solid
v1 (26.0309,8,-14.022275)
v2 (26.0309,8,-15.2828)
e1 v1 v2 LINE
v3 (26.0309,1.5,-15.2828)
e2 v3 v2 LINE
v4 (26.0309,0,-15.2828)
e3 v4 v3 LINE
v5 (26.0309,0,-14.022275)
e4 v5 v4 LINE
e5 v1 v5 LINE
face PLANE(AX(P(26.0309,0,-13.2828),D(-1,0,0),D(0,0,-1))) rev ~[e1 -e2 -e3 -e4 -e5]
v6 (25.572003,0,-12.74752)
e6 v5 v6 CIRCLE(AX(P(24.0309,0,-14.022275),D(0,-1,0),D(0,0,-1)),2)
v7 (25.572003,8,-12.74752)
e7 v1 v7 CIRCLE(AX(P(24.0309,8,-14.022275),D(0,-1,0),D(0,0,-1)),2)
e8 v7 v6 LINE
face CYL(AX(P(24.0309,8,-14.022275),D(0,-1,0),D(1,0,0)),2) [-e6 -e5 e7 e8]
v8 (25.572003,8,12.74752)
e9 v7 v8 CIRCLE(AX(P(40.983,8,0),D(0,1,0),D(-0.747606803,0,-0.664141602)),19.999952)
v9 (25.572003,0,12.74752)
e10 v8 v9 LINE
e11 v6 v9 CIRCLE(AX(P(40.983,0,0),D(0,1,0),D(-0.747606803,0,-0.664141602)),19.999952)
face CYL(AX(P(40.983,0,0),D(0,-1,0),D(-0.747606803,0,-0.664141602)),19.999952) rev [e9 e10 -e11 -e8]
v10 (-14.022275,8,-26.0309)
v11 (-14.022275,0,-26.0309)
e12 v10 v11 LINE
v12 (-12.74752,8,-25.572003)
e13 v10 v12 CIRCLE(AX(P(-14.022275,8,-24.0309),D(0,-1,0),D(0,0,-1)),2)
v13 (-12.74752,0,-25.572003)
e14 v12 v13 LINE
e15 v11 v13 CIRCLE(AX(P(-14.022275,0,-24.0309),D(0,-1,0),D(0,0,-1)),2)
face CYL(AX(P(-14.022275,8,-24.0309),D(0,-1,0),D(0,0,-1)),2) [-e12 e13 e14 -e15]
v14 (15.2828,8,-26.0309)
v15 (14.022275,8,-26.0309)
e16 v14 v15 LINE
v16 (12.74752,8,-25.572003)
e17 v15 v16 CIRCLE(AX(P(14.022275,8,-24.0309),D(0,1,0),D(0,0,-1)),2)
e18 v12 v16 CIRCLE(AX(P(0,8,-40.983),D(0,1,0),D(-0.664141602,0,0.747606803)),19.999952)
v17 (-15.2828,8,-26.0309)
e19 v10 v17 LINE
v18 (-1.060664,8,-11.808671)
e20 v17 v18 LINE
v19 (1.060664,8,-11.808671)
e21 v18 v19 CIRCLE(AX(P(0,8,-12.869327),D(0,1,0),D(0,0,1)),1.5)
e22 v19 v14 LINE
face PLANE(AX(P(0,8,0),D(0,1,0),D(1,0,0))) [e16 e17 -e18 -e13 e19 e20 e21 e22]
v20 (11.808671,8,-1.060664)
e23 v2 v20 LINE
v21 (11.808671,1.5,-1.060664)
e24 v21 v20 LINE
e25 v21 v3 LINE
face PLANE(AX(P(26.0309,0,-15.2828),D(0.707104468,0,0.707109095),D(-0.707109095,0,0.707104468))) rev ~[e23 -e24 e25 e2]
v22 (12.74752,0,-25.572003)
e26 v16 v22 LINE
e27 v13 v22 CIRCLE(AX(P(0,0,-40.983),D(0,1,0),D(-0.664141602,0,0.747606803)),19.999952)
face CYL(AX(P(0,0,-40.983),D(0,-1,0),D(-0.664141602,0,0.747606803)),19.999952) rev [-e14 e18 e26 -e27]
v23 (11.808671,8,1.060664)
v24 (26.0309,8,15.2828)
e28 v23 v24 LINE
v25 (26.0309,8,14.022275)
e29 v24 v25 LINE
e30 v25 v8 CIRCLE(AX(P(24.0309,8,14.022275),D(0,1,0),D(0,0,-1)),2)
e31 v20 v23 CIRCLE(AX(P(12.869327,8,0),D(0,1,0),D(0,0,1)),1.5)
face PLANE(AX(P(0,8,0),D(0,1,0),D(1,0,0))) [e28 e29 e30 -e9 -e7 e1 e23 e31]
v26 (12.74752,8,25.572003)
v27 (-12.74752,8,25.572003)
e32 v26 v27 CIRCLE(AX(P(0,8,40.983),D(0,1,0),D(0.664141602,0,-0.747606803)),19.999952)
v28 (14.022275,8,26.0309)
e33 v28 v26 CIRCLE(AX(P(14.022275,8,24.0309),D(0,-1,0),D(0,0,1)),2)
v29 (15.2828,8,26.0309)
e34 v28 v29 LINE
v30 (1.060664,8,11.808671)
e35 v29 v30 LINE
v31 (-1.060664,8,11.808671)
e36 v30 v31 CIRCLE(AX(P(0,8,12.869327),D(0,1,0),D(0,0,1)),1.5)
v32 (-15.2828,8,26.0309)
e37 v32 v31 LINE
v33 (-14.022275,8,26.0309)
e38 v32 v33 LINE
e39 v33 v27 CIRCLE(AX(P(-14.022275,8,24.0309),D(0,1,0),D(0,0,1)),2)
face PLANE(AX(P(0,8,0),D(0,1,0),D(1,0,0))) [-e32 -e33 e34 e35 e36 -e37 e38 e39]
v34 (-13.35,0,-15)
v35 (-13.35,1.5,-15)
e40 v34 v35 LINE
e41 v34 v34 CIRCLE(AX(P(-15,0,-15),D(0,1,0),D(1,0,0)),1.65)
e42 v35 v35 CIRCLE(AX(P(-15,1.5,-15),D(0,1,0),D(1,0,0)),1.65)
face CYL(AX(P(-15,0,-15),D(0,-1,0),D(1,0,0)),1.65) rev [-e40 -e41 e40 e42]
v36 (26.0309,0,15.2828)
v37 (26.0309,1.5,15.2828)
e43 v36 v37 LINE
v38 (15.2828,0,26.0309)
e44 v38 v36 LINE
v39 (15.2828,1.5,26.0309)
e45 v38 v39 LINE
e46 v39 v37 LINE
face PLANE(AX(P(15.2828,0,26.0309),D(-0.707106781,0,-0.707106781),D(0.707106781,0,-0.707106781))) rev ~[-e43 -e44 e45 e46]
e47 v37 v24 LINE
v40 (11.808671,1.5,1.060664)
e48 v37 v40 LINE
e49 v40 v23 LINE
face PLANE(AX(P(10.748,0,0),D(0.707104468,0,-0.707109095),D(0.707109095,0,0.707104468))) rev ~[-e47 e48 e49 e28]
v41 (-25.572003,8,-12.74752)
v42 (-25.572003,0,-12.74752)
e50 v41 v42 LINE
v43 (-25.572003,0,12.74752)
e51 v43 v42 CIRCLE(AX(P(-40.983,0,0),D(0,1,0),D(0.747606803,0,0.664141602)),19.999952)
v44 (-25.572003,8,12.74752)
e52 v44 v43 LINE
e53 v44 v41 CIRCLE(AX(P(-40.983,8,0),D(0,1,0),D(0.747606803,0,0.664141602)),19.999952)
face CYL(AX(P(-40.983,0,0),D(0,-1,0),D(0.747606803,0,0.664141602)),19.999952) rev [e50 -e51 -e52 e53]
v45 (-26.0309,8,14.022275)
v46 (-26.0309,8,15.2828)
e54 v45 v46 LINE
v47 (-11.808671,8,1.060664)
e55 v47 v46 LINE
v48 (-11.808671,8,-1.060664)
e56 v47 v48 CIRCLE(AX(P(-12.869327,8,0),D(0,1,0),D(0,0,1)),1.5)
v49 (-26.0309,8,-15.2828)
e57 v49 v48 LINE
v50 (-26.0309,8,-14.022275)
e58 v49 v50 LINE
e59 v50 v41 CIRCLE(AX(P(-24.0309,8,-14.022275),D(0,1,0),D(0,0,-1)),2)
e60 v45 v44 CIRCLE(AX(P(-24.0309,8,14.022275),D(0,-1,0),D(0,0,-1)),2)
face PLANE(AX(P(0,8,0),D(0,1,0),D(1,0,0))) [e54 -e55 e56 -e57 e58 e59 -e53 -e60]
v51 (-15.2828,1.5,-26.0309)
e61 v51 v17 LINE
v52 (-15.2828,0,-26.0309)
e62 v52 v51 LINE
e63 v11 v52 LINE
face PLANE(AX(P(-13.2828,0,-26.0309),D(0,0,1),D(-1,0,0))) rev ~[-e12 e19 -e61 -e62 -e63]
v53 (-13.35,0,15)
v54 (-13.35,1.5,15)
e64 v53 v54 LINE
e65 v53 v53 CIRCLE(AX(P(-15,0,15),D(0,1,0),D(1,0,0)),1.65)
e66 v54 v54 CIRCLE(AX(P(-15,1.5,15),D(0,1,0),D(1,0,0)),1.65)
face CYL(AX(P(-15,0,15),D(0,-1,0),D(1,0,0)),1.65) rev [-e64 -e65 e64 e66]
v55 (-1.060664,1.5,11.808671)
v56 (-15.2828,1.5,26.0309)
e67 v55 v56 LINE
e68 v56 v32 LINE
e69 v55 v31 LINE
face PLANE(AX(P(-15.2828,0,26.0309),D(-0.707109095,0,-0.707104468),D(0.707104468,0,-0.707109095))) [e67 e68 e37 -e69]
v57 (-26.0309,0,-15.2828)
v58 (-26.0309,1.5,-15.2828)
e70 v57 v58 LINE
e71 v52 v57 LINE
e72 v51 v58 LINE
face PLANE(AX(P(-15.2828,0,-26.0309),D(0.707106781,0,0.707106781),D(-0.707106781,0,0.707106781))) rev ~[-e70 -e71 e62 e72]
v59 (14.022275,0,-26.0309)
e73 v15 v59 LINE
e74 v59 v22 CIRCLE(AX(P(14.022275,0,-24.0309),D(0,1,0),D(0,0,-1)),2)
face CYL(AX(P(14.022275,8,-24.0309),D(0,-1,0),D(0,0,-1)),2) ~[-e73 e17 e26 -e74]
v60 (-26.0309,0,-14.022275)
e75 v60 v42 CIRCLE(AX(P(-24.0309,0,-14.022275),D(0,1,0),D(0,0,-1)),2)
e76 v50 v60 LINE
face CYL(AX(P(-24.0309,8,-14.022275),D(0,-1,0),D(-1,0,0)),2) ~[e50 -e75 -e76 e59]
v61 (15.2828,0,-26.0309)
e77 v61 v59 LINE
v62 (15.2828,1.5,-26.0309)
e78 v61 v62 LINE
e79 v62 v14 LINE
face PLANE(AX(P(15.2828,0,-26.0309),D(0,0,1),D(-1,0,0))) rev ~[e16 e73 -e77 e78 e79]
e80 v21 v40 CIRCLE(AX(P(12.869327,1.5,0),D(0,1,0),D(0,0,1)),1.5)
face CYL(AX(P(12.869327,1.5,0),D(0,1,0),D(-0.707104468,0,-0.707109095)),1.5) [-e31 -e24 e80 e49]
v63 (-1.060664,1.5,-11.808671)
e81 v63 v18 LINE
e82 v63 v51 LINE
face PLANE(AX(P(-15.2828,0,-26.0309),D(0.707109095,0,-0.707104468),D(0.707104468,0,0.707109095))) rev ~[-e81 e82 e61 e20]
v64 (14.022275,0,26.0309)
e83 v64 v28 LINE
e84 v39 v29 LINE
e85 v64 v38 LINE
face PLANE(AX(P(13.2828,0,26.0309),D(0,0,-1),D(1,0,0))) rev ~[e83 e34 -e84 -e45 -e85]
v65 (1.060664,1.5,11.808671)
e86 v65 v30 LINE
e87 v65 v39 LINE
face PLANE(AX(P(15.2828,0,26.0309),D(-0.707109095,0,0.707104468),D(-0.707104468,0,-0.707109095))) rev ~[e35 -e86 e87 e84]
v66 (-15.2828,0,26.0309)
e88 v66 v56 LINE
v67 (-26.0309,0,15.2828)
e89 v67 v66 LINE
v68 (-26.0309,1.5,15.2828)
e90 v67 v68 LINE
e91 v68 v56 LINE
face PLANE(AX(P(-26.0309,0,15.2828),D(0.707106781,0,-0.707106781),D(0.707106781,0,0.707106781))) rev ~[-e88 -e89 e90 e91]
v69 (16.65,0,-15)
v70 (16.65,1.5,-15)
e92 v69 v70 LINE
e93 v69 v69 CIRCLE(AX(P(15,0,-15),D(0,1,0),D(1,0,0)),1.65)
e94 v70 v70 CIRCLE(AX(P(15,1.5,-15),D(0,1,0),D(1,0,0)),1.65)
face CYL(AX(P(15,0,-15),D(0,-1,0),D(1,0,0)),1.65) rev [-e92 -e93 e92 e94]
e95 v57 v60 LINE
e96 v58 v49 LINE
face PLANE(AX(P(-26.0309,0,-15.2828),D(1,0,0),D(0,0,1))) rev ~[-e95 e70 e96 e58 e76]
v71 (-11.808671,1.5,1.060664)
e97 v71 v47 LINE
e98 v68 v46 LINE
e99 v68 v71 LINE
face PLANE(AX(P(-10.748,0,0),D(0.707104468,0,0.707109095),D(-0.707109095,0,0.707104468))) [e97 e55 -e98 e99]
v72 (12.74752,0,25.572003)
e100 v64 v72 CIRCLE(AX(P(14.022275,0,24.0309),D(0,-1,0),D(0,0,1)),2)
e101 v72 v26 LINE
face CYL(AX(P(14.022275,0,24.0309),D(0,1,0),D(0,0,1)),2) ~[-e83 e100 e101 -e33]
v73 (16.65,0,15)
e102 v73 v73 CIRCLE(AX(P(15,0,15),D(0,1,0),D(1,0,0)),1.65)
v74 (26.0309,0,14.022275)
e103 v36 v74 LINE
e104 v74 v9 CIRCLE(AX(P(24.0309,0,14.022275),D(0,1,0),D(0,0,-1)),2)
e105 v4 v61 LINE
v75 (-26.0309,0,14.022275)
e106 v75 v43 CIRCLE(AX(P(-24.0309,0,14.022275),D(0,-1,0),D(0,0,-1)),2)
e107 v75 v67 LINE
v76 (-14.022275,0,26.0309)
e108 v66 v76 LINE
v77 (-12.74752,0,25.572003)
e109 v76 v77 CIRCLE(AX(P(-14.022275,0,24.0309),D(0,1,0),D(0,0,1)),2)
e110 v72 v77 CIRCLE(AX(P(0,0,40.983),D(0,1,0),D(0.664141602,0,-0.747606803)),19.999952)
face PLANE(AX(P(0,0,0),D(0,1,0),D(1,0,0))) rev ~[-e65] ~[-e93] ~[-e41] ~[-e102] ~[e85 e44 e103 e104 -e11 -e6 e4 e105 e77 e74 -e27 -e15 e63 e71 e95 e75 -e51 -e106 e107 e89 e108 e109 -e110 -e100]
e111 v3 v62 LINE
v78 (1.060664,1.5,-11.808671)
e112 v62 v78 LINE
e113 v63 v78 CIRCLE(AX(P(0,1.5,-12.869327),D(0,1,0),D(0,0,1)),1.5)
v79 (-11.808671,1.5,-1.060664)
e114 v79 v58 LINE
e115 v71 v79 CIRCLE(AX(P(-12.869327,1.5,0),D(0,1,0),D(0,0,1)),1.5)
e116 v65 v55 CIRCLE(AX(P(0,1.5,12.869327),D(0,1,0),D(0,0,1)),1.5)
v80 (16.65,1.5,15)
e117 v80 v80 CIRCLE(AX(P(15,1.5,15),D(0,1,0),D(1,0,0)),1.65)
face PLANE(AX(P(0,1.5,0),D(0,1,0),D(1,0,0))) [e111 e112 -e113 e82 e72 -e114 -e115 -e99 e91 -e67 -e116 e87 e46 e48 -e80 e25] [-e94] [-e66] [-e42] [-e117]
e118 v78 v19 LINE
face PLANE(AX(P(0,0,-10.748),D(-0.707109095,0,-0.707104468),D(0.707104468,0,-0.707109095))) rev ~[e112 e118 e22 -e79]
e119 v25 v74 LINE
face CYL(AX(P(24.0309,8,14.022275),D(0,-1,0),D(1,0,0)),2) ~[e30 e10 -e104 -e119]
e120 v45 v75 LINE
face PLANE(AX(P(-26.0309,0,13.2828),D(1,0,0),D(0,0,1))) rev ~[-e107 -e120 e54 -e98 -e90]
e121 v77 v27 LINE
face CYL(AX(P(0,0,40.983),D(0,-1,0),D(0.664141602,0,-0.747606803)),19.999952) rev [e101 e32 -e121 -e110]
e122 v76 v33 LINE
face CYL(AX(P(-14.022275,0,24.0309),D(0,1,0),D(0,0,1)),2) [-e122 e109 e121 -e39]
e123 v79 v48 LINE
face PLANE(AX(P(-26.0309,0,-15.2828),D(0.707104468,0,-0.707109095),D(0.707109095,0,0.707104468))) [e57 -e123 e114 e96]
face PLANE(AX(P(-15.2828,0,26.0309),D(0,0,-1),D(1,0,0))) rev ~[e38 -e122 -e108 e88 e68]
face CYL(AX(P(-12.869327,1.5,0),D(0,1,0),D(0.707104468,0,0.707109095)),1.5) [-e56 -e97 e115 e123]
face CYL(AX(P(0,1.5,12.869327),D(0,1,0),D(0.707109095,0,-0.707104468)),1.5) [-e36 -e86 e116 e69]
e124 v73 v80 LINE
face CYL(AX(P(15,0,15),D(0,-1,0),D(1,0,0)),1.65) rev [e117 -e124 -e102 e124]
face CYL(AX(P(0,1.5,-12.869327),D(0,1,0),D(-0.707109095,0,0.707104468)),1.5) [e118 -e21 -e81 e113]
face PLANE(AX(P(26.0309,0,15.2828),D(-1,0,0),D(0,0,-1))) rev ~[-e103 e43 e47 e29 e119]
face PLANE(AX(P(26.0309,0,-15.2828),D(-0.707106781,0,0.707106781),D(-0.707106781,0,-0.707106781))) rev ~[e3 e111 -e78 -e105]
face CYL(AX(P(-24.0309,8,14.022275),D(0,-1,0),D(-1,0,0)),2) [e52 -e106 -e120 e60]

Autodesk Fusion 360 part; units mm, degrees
sketch "Skizze1" plane through (0, 0, 0) normal (0, 1, 0) x (1, 0, 0)
  line L0 (-26.0309, 15.2828) -> (-26.0309, -15.2828)
  line L1 (-26.0309, -15.2828) -> (-15.2828, -26.0309)
  line L2 (-15.2828, -26.0309) -> (15.2828, -26.0309)
  line L3 (15.2828, -26.0309) -> (26.0309, -15.2828)
  line L4 (26.0309, -15.2828) -> (26.0309, 15.2828)
  line L5 (26.0309, 15.2828) -> (15.2828, 26.0309)
  line L6 (15.2828, 26.0309) -> (-15.2828, 26.0309)
  line L7 (-15.2828, 26.0309) -> (-26.0309, 15.2828)
  circle A0 centre (-15, 15) radius 1.65
  line L8 (0, 26.0309) -> (0, -26.0309) construction
  line L9 (-26.0309, 0) -> (26.0309, 0) construction
  circle A1 centre (15, 15) radius 1.65
  circle A2 centre (15, -15) radius 1.65
  circle A3 centre (-15, -15) radius 1.65
  line L10 (-26.0309, 15.2828) -> (-10.748, 0)
  line L11 (-10.748, 0) -> (-26.0309, -15.2828)
  line L12 (-15.2828, 26.0309) -> (0, 10.748)
  line L13 (0, 10.748) -> (15.2828, 26.0309)
  line L14 (26.0309, 15.2828) -> (10.748, 0)
  line L15 (10.748, 0) -> (26.0309, -15.2828)
  line L16 (15.2828, -26.0309) -> (0, -10.748)
  line L17 (-15.2828, -26.0309) -> (0, -10.748)
  arc A4 (-26.0309, -13.2828) -> (-26.0309, 13.2828) centre (-40.983, 0) ccw
  arc A5 (13.2828, -26.0309) -> (-13.2828, -26.0309) centre (0, -40.983) ccw
  arc A6 (26.0309, 13.2828) -> (26.0309, -13.2828) centre (40.983, 0) ccw
  arc A7 (-13.2828, 26.0309) -> (13.2828, 26.0309) centre (0, 40.983) ccw
  dimension "d1" = 15.2
  dimension "d2" = 3.3
  dimension "d3" = 8
  dimension "d4" = 15
  dimension "d5" = 15
  dimension "d6" = 45
  dimension "d7" = 2
  dimension "d8" = 2
  dimension "d10" = 20
  dimension "d12" = 360
extrude "Extrusion1" add sketch "Skizze1" along normal blind 1.5 contours L0 L10 L11 A4 | L1 L3 L5 L7 L10 L11 L12 L13 L14 L15 L16 L17 | L6 L12 L13 A7 | L2 L16 L17 A5 | L4 L14 L15 A6
extrude "Extrusion2" add sketch "Skizze1" along normal blind 8 contours L0 L10 L11 A4 | L6 L12 L13 A7 | L2 L16 L17 A5 | L4 L14 L15 A6
fillet "Abrundung1" radius 1.5 4 edges at (0, 4.75, -10.748) (10.748, 4.75, 0) (0, 4.75, 10.748) (-10.748, 4.75, 0)
fillet "Abrundung3" radius 2 8 edges at (-26.0309, 4, 13.2828) (-26.0309, 4, -13.2828) (-13.2828, 4, 26.0309) (13.2828, 4, 26.0309) (26.0309, 4, 13.2828) (26.0309, 4, -13.2828) (13.2828, 4, -26.0309) (-13.2828, 4, -26.0309)
equation "d8 = d7"
